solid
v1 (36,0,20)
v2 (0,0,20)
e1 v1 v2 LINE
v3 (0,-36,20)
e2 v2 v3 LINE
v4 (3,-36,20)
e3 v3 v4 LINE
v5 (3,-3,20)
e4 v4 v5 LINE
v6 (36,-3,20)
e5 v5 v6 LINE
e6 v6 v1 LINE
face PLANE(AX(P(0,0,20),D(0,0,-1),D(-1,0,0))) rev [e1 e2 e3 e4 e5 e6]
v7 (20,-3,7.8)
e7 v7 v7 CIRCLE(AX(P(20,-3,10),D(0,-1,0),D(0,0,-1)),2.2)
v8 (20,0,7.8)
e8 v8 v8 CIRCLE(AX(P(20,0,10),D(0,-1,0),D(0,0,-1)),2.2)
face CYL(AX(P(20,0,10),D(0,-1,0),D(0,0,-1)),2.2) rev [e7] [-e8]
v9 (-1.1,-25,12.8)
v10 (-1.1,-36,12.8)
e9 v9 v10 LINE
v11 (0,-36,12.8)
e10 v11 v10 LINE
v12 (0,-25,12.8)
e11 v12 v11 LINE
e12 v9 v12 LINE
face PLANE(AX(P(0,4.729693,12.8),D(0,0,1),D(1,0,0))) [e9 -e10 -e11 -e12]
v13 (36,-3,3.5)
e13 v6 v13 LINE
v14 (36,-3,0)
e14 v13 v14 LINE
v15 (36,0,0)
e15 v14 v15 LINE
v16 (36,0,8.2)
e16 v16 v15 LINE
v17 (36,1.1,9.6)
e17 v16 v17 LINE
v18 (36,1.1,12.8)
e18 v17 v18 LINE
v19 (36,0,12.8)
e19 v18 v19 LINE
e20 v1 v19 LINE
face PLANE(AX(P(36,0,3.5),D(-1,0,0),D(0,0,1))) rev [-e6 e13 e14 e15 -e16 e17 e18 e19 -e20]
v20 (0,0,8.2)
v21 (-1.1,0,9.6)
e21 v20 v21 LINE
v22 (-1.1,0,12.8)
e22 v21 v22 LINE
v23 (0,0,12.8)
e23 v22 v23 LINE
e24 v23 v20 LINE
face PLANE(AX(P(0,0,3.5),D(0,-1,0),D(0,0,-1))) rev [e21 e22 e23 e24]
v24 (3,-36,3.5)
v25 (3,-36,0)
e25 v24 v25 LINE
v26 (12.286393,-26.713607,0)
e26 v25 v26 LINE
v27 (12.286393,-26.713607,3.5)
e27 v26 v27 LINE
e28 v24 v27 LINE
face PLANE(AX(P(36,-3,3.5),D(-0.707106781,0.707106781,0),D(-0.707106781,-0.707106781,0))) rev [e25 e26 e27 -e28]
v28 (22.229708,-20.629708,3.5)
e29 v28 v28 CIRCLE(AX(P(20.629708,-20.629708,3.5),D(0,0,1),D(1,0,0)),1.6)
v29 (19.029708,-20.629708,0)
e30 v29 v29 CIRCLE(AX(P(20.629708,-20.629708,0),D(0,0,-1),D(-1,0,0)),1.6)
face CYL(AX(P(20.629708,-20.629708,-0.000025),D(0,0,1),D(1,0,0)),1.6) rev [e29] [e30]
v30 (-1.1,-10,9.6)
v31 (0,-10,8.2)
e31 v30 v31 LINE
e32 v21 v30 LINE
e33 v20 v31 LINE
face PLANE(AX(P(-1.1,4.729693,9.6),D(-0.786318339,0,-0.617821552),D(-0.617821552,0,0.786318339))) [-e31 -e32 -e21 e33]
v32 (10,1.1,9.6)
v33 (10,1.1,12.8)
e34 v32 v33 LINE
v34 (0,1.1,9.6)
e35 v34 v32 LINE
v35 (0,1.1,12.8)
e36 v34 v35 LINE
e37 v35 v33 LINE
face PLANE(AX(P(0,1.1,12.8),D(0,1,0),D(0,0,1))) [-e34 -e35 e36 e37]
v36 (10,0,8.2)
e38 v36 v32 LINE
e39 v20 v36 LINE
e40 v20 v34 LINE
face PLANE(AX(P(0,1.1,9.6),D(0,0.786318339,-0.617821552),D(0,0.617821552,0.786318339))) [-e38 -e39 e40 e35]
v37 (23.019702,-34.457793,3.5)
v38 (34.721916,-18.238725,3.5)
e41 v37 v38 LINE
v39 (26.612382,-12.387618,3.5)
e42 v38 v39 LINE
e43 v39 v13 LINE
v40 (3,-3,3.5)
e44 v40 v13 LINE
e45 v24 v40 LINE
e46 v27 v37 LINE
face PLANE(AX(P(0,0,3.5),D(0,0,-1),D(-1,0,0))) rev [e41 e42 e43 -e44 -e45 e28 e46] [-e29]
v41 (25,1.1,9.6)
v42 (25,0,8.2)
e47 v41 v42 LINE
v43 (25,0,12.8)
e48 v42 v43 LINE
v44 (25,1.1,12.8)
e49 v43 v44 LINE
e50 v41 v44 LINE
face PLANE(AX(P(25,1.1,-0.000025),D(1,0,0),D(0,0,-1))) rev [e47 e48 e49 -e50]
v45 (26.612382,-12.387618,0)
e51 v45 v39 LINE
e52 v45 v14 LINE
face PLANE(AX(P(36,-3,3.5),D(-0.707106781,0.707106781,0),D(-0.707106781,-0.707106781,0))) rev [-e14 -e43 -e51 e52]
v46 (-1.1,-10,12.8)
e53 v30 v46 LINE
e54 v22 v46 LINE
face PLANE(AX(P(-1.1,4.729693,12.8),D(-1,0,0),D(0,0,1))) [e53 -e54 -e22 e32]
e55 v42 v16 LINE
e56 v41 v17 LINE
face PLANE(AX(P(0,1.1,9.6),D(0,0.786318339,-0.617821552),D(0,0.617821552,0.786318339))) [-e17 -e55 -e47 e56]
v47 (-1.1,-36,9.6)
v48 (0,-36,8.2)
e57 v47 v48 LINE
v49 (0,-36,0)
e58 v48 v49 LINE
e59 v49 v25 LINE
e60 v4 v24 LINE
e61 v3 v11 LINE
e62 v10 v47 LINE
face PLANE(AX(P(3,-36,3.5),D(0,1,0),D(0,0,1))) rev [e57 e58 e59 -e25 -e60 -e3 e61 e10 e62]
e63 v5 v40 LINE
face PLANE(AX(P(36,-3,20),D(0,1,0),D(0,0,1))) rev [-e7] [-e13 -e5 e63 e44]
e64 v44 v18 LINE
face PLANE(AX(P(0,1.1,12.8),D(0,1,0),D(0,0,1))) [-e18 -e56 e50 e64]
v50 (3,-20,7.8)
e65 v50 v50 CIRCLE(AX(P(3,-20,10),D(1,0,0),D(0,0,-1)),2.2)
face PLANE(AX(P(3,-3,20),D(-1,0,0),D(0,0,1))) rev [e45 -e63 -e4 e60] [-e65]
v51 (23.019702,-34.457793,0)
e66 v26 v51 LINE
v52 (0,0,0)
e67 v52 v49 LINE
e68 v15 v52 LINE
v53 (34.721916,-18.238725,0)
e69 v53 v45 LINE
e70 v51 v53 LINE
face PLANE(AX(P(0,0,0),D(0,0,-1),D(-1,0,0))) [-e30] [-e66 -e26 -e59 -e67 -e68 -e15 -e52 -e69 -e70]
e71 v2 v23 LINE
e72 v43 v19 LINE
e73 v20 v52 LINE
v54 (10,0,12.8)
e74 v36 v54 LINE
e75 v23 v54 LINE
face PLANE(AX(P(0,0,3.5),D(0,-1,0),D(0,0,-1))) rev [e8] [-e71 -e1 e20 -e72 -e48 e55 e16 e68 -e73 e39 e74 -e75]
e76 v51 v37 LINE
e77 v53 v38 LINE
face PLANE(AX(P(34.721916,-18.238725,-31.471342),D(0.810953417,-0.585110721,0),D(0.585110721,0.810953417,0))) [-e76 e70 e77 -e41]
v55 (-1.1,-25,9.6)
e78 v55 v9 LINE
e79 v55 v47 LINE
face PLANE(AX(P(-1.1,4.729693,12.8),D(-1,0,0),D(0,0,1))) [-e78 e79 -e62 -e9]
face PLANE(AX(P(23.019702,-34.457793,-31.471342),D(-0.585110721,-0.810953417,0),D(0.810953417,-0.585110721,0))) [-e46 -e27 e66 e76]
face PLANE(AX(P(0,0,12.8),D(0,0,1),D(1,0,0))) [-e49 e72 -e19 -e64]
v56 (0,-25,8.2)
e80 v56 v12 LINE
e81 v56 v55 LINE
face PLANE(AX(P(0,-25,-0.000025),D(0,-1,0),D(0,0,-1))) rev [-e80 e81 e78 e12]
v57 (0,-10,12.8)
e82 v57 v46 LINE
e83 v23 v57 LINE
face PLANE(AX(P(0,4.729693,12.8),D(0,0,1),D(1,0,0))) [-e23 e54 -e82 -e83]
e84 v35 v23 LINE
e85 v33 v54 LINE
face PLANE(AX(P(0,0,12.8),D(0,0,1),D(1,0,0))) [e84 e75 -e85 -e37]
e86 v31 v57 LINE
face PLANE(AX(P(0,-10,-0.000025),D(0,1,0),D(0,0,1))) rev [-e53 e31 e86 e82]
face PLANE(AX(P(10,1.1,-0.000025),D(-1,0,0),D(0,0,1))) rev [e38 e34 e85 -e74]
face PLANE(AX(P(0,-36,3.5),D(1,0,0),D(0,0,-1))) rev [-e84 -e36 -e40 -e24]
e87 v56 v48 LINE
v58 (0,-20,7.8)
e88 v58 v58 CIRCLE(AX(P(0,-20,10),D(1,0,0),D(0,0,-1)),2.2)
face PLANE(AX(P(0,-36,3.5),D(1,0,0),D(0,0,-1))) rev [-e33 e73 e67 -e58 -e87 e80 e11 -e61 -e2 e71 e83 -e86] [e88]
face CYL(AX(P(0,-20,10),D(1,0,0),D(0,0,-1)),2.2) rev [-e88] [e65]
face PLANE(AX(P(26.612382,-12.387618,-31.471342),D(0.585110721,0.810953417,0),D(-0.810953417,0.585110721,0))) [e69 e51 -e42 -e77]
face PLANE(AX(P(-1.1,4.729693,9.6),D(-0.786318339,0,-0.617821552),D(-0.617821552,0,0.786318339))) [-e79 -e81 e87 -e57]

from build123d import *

# Parameters (mm, degrees)
BOSS_EXTRUDE1_DEPTH = 3.5
BOSS_EXTRUDE2_DEPTH = 16.5
SKETCH4_R           = 2.2
CUT_EXTRUDE1_DEPTH  = 53.773099208
SKETCH5_R           = 2.2
CUT_EXTRUDE2_DEPTH  = 53.773099208
BOSS_EXTRUDE5_DEPTH = 36
SKETCH7_W           = 15
SKETCH7_H           = 1.1
CUT_EXTRUDE3_DEPTH  = 53.496095093
BOSS_EXTRUDE6_REACH = 57.429
SKETCH9_W           = 1.1
SKETCH9_H           = 15
CUT_EXTRUDE4_DEPTH  = 53.496095093
BOSS_EXTRUDE7_DEPTH = 3.5
SKETCH11_R          = 1.6
CUT_EXTRUDE5_DEPTH  = 54.518688325


with BuildPart() as part:
    # Sketch1 → Boss-Extrude1 (new body)
    with BuildSketch(Plane.XY):
        Polygon((0, -36), (0, 0), (36, 0), (36, -3), (3, -36), align=None)
    extrude(amount=BOSS_EXTRUDE1_DEPTH)

    # Sketch2 → Boss-Extrude2 (add)
    with BuildSketch(Plane.XY.offset(3.5)):
        Polygon((0, -36), (0, 0), (36, 0), (36, -3), (3, -3), (3, -36), align=None)
    extrude(amount=BOSS_EXTRUDE2_DEPTH)

    # Sketch4 → Cut-Extrude1 (cut, through all)
    with BuildSketch(Plane.XZ.offset(3)):
        with Locations(Location((20, 10, 0), (0, 0, 270))):
            Circle(SKETCH4_R)
    extrude(amount=-CUT_EXTRUDE1_DEPTH, mode=Mode.SUBTRACT)

    # Sketch5 → Cut-Extrude2 (cut, through all)
    with BuildSketch(Plane(origin=(3, 0, 0), x_dir=(0, 0, -1), z_dir=(1, 0, 0))):
        with Locations((-10, -20)):
            Circle(SKETCH5_R)
    extrude(amount=-CUT_EXTRUDE2_DEPTH, mode=Mode.SUBTRACT)

    # Sketch6 → Boss-Extrude5 (add, through all)
    with BuildSketch(Plane(origin=(36, 0, 0), x_dir=(0, 0, -1), z_dir=(1, 0, 0))):
        Polygon((-12.8, 0), (-12.8, 1.1), (-9.6, 1.1), (-8.2, 0), align=None)
    extrude(amount=-BOSS_EXTRUDE5_DEPTH)

    # Sketch7 → Cut-Extrude3 (cut, through all)
    with BuildSketch(Plane.XY.offset(12.8)):
        with Locations((17.5, 0.55)):
            Rectangle(SKETCH7_W, SKETCH7_H)
    extrude(amount=-CUT_EXTRUDE3_DEPTH, mode=Mode.SUBTRACT)

    # Boss-Extrude6: up to this face of the body (flat: up to its plane)
    boss_extrude6_end = Plane(part.part.faces().sort_by_distance((0.411825206, 0, 16.4))[0])
    # Sketch8 → Boss-Extrude6 (add, up to the picked face)
    with BuildSketch(Plane.XZ.offset(36), mode=Mode.PRIVATE) as boss_extrude6_sk1:
        Polygon((0, 8.2), (0, 12.8), (-1.1, 12.8), (-1.1, 9.6), align=None)
    boss_extrude6_tool1 = split(extrude(boss_extrude6_sk1.sketch, amount=-BOSS_EXTRUDE6_REACH, mode=Mode.PRIVATE), bisect_by=boss_extrude6_end, keep=Keep.BOTH, mode=Mode.PRIVATE)
    add(boss_extrude6_tool1.solids().sort_by(Axis((-0.517094, -36, 10.82906), (0, 1, 0)))[0])

    # Sketch9 → Cut-Extrude4 (cut, through all)
    with BuildSketch(Plane.XY.offset(12.8)):
        with Locations((-0.55, -17.5)):
            Rectangle(SKETCH9_W, SKETCH9_H)
    extrude(amount=-CUT_EXTRUDE4_DEPTH, mode=Mode.SUBTRACT)

    # Sketch10 → Boss-Extrude7 (add)
    with BuildSketch(Plane.XY.offset(3.5)):
        Polygon((12.286392879, -26.713607121), (26.612382252, -12.387617748), (34.721916423, -18.238724953), (23.019702013, -34.457793296), align=None)
    extrude(amount=-BOSS_EXTRUDE7_DEPTH)

    # Sketch11 → Cut-Extrude5 (cut, through all)
    with BuildSketch(Plane.XY.offset(3.5)):
        with Locations((20.629708117, -20.629708117)):
            Circle(SKETCH11_R)
    extrude(amount=-CUT_EXTRUDE5_DEPTH, mode=Mode.SUBTRACT)


solid = part.part
